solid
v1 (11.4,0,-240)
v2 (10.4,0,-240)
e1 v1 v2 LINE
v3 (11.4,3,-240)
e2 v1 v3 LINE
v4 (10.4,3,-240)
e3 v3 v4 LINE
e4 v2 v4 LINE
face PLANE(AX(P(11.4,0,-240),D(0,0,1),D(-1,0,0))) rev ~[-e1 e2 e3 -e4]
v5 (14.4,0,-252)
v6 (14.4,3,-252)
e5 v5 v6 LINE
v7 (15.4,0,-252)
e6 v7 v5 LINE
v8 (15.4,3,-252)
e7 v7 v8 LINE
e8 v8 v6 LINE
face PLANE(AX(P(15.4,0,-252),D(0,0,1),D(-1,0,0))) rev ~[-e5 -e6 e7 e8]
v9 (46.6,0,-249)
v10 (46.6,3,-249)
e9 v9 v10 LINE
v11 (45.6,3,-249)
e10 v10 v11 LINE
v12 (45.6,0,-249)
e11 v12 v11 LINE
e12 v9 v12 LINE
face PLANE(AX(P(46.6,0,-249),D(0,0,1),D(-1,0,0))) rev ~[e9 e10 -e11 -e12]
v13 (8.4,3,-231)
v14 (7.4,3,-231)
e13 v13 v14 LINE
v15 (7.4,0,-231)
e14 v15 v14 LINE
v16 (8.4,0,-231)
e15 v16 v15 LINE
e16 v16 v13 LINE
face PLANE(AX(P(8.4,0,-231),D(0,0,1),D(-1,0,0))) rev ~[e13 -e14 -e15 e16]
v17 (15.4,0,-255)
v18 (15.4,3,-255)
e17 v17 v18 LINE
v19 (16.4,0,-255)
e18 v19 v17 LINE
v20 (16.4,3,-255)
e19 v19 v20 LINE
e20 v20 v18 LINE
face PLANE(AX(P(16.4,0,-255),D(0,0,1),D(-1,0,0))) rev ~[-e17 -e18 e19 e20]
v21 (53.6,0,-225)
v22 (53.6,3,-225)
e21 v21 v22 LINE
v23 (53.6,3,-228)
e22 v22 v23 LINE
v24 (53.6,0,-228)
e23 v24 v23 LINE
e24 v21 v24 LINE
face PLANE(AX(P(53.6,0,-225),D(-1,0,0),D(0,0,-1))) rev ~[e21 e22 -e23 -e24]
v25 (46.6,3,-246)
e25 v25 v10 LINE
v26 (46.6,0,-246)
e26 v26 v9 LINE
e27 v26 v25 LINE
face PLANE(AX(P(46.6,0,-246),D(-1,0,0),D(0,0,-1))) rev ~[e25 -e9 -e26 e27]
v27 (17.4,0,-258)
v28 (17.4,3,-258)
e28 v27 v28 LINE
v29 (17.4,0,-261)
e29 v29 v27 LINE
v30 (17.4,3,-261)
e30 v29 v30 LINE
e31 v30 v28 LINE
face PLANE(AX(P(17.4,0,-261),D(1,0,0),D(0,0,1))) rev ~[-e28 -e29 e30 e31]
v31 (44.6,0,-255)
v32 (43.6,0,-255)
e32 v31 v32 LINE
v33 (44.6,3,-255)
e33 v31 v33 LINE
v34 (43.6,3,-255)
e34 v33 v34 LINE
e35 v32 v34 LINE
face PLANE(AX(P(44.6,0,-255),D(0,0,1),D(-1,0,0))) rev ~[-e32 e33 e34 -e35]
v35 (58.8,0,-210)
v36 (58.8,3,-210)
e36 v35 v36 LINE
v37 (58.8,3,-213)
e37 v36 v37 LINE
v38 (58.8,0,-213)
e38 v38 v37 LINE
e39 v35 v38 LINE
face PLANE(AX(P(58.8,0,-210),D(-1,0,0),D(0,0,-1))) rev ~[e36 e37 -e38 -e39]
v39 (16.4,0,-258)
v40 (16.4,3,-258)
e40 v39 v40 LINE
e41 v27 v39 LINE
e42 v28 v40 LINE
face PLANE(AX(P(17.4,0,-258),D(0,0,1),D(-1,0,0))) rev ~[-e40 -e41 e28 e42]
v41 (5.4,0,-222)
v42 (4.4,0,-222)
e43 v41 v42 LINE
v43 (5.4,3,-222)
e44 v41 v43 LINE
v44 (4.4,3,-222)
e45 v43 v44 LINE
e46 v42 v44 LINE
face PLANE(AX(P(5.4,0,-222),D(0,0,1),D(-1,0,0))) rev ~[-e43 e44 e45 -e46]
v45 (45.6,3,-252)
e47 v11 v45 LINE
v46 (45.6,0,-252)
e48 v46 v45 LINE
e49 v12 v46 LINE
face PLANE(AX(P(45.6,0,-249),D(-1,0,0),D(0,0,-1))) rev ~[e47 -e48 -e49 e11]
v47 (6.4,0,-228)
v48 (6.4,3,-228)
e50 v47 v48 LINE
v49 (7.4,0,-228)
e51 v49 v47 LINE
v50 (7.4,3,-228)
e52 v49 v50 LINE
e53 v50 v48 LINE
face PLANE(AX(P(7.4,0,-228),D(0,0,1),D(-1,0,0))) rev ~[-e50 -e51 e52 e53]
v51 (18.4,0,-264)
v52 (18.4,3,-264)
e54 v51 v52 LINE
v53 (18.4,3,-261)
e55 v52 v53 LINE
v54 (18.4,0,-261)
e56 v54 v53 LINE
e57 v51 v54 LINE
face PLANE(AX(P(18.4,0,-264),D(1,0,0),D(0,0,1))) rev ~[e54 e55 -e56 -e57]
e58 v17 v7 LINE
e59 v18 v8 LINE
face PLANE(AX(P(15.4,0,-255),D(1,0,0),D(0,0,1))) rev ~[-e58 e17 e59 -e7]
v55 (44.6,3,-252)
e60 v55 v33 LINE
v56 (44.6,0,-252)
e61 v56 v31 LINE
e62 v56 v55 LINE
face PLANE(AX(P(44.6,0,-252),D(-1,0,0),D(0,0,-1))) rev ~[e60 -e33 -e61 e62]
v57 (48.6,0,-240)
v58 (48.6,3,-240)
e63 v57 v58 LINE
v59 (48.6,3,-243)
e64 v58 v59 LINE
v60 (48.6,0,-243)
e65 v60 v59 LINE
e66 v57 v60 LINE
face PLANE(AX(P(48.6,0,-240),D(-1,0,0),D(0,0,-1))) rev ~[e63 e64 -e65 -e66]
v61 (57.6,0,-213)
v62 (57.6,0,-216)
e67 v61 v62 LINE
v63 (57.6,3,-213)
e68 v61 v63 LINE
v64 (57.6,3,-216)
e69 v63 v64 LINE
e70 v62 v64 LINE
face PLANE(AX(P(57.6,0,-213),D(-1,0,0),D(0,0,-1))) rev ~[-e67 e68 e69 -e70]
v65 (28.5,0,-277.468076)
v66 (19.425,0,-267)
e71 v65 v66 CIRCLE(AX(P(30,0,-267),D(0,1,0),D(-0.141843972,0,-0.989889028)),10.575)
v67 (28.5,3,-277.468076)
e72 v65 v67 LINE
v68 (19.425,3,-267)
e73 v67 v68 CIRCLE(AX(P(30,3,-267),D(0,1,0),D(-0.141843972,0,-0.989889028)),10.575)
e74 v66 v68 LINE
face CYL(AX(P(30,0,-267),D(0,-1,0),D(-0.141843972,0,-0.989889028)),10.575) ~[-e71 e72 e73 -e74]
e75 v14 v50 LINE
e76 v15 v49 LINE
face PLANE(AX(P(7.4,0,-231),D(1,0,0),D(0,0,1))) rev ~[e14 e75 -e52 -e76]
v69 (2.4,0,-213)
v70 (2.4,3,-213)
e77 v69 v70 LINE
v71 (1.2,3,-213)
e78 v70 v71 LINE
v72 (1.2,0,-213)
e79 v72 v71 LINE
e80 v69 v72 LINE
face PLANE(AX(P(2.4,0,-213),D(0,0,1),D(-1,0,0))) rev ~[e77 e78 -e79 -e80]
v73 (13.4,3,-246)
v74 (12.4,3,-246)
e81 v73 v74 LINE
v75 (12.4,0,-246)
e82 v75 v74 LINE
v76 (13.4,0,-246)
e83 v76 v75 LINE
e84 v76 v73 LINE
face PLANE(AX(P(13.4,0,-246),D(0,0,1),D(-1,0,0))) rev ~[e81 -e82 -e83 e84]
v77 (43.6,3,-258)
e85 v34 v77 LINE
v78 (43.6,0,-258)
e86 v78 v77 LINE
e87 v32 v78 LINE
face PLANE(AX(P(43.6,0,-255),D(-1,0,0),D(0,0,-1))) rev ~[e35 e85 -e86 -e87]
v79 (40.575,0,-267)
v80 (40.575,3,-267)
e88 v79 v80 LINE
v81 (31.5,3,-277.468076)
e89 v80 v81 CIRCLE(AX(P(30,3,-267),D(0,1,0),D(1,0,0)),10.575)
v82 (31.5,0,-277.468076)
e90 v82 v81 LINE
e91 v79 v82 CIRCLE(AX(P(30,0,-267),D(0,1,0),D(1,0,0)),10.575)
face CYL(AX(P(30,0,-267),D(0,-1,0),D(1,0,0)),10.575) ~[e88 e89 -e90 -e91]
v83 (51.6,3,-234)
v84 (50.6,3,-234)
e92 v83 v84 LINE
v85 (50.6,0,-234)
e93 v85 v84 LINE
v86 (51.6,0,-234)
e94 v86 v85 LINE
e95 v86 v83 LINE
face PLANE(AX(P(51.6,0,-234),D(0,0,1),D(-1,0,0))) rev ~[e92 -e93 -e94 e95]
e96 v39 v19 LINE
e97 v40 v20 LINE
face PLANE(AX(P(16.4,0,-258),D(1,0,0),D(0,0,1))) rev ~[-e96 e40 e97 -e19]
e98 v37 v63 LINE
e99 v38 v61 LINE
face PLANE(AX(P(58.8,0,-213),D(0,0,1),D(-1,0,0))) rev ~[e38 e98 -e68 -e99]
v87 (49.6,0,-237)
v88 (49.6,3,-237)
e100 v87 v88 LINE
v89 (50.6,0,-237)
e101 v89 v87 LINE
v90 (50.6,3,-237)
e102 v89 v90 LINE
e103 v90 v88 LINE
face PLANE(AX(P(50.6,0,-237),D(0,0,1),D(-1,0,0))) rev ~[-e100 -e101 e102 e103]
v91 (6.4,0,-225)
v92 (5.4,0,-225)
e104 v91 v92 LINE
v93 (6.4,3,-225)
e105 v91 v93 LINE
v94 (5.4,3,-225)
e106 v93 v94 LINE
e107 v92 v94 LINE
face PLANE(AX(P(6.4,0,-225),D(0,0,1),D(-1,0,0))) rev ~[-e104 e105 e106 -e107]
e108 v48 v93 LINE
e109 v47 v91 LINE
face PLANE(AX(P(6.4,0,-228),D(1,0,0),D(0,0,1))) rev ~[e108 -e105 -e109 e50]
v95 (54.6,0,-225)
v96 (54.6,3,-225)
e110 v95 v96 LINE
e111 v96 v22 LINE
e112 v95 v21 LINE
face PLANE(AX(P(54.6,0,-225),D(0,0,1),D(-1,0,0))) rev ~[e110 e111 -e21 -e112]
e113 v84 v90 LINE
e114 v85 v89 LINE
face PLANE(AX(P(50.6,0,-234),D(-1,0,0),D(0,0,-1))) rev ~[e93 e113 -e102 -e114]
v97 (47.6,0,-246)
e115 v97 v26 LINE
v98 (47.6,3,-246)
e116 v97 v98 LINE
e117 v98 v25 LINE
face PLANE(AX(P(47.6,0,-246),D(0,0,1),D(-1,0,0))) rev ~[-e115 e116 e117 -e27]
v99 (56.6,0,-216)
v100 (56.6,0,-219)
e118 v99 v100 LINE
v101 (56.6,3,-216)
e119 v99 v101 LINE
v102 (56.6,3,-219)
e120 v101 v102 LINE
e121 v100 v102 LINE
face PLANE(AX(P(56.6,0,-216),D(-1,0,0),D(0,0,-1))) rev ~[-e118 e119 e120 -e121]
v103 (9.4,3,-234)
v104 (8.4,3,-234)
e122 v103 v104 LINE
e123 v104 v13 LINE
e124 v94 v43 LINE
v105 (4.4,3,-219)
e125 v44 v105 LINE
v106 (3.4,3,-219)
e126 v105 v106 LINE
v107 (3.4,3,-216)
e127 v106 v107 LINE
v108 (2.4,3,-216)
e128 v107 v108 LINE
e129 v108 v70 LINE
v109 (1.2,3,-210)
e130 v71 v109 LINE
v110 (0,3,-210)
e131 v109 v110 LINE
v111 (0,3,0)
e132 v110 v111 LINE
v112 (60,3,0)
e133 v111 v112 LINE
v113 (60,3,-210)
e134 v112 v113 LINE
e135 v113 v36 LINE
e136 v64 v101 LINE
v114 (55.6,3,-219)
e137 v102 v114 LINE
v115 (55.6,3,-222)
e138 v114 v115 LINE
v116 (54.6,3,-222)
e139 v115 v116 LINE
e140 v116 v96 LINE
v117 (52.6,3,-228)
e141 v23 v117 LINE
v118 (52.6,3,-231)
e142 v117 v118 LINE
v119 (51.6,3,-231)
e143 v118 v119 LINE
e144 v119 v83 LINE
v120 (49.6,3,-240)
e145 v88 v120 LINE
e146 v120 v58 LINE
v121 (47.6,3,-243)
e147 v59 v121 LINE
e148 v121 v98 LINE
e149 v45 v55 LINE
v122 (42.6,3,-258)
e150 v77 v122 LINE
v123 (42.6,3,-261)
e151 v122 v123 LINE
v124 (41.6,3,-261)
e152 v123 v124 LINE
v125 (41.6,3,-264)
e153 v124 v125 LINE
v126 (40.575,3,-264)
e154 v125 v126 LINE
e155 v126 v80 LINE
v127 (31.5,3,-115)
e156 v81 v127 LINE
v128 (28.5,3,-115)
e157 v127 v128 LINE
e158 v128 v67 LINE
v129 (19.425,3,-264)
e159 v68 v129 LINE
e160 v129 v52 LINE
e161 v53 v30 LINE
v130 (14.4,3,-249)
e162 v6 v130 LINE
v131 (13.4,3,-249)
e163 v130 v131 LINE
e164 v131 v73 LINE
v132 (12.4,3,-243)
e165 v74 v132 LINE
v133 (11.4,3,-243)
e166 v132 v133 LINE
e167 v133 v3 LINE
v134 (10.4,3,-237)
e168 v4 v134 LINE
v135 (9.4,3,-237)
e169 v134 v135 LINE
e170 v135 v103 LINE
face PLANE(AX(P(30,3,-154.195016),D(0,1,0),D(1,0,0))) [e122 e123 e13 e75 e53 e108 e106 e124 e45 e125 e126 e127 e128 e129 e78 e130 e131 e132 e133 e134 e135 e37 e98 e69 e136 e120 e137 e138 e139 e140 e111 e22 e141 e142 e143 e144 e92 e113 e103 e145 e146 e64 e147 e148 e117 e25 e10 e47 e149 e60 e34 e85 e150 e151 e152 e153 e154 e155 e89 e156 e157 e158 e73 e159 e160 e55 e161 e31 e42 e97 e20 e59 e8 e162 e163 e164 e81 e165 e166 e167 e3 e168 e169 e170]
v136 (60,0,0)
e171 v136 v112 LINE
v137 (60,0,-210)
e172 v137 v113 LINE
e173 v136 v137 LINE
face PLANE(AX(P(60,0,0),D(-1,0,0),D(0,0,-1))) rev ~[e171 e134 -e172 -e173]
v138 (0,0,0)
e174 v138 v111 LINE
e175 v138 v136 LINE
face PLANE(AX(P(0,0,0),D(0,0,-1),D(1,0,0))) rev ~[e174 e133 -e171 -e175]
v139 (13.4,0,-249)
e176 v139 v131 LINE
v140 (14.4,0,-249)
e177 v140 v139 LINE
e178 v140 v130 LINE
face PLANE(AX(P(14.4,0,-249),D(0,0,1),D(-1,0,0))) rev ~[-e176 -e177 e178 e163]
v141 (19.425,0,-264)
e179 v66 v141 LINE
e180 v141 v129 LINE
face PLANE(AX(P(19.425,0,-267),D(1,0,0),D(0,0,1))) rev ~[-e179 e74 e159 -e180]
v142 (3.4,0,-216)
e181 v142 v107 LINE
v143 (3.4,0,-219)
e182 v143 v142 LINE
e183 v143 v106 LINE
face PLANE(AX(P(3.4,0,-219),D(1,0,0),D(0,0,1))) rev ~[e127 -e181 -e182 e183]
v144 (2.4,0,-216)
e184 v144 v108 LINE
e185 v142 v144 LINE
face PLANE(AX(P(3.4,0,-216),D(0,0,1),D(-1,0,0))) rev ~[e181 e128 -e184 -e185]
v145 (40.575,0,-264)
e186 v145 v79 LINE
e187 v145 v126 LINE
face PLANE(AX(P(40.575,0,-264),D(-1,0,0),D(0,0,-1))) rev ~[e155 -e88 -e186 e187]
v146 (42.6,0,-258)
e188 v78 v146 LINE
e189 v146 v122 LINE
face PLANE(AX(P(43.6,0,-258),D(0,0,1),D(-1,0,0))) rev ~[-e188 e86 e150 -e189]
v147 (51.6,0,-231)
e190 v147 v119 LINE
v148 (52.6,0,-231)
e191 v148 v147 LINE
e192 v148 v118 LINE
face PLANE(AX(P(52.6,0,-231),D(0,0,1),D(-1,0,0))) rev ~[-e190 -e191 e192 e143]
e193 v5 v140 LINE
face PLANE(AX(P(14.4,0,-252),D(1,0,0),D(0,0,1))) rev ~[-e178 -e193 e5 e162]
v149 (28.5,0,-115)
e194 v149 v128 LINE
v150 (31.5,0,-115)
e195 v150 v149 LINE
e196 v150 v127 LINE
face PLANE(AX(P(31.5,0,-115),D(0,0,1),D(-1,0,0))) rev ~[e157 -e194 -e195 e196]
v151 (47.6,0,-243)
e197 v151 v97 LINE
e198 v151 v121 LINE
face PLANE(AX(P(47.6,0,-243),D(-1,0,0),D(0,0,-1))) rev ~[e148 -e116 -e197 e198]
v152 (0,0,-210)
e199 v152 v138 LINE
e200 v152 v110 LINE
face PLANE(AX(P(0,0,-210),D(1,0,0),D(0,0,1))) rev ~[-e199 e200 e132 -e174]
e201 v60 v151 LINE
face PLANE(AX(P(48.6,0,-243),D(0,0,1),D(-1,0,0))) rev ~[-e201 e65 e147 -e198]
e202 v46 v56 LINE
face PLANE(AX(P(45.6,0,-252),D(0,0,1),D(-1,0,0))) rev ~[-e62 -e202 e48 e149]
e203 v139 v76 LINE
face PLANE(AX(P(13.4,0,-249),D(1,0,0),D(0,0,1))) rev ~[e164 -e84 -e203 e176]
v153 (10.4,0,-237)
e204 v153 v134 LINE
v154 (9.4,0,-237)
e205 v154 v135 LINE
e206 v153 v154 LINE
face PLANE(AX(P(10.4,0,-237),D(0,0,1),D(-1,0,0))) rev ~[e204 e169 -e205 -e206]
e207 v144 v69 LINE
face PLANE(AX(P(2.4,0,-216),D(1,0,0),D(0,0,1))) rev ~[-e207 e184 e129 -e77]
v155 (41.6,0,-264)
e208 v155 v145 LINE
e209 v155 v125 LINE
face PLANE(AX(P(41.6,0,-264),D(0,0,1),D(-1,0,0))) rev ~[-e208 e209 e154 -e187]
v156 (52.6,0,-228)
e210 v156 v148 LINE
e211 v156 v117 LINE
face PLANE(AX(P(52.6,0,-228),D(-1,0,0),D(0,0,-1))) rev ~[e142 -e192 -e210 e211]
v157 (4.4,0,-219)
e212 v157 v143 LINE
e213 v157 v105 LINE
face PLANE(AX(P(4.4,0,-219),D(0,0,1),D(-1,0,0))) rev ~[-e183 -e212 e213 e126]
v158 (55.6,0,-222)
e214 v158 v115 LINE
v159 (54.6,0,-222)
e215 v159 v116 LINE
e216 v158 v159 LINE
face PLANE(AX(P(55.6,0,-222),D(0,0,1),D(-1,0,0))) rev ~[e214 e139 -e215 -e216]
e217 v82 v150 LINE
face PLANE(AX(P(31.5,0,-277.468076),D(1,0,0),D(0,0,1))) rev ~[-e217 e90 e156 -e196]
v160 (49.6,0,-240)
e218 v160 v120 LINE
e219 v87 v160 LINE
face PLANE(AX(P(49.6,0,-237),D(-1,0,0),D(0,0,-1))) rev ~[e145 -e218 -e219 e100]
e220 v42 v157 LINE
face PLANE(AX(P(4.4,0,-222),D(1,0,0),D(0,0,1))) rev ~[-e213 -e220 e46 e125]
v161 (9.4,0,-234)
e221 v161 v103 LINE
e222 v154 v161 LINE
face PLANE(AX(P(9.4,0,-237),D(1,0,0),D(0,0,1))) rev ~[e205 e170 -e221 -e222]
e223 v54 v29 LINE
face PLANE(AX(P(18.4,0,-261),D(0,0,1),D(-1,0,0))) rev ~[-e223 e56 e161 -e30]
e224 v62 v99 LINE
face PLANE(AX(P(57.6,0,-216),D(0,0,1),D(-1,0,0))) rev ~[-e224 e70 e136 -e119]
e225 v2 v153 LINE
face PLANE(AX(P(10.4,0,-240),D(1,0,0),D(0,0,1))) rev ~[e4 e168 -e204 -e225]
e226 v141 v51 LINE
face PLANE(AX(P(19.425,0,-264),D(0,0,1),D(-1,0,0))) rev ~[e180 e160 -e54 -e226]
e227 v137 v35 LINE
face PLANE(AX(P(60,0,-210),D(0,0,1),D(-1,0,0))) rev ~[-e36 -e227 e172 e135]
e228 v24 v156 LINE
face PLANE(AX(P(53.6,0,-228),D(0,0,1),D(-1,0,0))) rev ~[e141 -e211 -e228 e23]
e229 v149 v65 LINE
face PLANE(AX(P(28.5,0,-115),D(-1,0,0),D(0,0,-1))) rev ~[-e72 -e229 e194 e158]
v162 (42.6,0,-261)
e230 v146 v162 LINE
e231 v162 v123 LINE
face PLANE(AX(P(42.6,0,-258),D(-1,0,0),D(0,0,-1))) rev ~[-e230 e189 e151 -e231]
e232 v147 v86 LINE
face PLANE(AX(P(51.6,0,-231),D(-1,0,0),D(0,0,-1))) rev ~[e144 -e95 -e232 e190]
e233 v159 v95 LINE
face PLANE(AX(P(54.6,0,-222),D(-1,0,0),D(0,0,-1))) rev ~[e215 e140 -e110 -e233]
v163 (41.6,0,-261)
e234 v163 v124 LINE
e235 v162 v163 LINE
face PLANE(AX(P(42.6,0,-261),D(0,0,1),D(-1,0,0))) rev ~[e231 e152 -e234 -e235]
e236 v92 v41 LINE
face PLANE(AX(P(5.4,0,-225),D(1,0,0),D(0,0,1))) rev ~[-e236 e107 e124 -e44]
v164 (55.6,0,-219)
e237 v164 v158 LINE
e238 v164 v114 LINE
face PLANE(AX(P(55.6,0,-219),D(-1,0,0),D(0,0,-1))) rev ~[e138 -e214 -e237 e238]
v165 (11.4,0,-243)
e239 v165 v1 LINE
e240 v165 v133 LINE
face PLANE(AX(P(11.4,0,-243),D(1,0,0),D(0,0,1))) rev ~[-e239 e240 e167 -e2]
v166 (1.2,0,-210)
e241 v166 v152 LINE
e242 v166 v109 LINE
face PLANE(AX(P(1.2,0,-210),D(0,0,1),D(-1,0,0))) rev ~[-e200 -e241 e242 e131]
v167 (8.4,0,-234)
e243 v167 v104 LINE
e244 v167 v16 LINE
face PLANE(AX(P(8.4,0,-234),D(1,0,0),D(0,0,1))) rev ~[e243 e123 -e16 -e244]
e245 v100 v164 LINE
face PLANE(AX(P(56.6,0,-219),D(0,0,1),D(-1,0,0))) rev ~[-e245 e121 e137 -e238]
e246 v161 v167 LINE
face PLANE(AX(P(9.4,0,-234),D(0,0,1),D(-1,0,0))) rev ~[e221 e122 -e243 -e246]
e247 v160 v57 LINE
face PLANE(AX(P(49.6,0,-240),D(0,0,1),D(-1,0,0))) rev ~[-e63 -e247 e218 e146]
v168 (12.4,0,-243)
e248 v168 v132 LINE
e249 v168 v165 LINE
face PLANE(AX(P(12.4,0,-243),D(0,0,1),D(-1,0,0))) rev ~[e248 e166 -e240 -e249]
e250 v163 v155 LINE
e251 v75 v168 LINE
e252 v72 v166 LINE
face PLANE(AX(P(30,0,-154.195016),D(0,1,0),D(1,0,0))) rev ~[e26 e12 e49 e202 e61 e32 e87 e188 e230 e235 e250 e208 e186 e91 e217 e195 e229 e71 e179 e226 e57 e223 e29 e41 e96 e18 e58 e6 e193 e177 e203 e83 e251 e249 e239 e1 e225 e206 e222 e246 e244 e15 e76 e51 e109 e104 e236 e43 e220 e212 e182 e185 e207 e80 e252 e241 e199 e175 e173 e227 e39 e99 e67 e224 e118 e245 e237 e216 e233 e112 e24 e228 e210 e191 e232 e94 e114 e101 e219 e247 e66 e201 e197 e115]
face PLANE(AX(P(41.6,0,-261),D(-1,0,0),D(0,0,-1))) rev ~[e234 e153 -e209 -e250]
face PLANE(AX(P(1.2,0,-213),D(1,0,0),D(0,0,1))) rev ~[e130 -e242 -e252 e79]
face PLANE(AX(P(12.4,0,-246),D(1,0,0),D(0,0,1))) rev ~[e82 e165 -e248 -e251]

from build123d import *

# Parameters (mm, degrees)
SALIENTE_EXTRUIR1_DEPTH = 3


with BuildPart() as part:
    # Croquis1 → Saliente-Extruir1 (new body)
    with BuildSketch(Plane(origin=(0, 0, 0), x_dir=(1, 0, 0), z_dir=(0, 1, 0))):
        with BuildLine():
            Line((0, 0), (60, 0))
            Line((60, 0), (60, 210))
            Line((60, 210), (58.8, 210))
            Line((58.8, 210), (58.8, 213))
            Line((58.8, 213), (57.6, 213))
            Line((57.6, 213), (57.6, 216))
            Line((57.6, 216), (56.6, 216))
            Line((56.6, 216), (56.6, 219))
            Line((56.6, 219), (55.6, 219))
            Line((55.6, 219), (55.6, 222))
            Line((55.6, 222), (54.6, 222))
            Line((54.6, 222), (54.6, 225))
            Line((54.6, 225), (53.6, 225))
            Line((53.6, 225), (53.6, 228))
            Line((53.6, 228), (52.6, 228))
            Line((52.6, 228), (52.6, 231))
            Line((52.6, 231), (51.6, 231))
            Line((51.6, 231), (51.6, 234))
            Line((51.6, 234), (50.6, 234))
            Line((50.6, 234), (50.6, 237))
            Line((50.6, 237), (49.6, 237))
            Line((49.6, 237), (49.6, 240))
            Line((49.6, 240), (48.6, 240))
            Line((48.6, 240), (48.6, 243))
            Line((48.6, 243), (47.6, 243))
            Line((47.6, 243), (47.6, 246))
            Line((47.6, 246), (46.6, 246))
            Line((46.6, 246), (46.6, 249))
            Line((46.6, 249), (45.6, 249))
            Line((45.6, 249), (45.6, 252))
            Line((45.6, 252), (44.6, 252))
            Line((44.6, 252), (44.6, 255))
            Line((44.6, 255), (43.6, 255))
            Line((43.6, 255), (43.6, 258))
            Line((43.6, 258), (42.6, 258))
            Line((42.6, 258), (42.6, 261))
            Line((42.6, 261), (41.6, 261))
            Line((41.6, 261), (41.6, 264))
            Line((41.6, 264), (40.575, 264))
            Line((40.575, 264), (40.575, 267))
            ThreePointArc((40.575, 267), (37.990404402, 273.927052945), (31.5, 277.468076471))
            Line((31.5, 277.468076471), (31.5, 115))
            Line((31.5, 115), (28.5, 115))
            Line((28.5, 115), (28.5, 277.468076471))
            ThreePointArc((28.5, 277.468076471), (22.009595598, 273.927052945), (19.425, 267))
            Line((19.425, 267), (19.425, 264))
            Line((19.425, 264), (18.4, 264))
            Line((18.4, 264), (18.4, 261))
            Line((18.4, 261), (17.4, 261))
            Line((17.4, 261), (17.4, 258))
            Line((17.4, 258), (16.4, 258))
            Line((16.4, 258), (16.4, 255))
            Line((16.4, 255), (15.4, 255))
            Line((15.4, 255), (15.4, 252))
            Line((15.4, 252), (14.4, 252))
            Line((14.4, 252), (14.4, 249))
            Line((14.4, 249), (13.4, 249))
            Line((13.4, 249), (13.4, 246))
            Line((13.4, 246), (12.4, 246))
            Line((12.4, 246), (12.4, 243))
            Line((12.4, 243), (11.4, 243))
            Line((11.4, 243), (11.4, 240))
            Line((11.4, 240), (10.4, 240))
            Line((10.4, 240), (10.4, 237))
            Line((10.4, 237), (9.4, 237))
            Line((9.4, 237), (9.4, 234))
            Line((9.4, 234), (8.4, 234))
            Line((8.4, 234), (8.4, 231))
            Line((8.4, 231), (7.4, 231))
            Line((7.4, 231), (7.4, 228))
            Line((7.4, 228), (6.4, 228))
            Line((6.4, 228), (6.4, 225))
            Line((6.4, 225), (5.4, 225))
            Line((5.4, 225), (5.4, 222))
            Line((5.4, 222), (4.4, 222))
            Line((4.4, 222), (4.4, 219))
            Line((4.4, 219), (3.4, 219))
            Line((3.4, 219), (3.4, 216))
            Line((3.4, 216), (2.4, 216))
            Line((2.4, 216), (2.4, 213))
            Line((2.4, 213), (1.2, 213))
            Line((1.2, 213), (1.2, 210))
            Line((1.2, 210), (0, 210))
            Line((0, 210), (0, 0))
        make_face()
    extrude(amount=SALIENTE_EXTRUIR1_DEPTH)


solid = part.part
